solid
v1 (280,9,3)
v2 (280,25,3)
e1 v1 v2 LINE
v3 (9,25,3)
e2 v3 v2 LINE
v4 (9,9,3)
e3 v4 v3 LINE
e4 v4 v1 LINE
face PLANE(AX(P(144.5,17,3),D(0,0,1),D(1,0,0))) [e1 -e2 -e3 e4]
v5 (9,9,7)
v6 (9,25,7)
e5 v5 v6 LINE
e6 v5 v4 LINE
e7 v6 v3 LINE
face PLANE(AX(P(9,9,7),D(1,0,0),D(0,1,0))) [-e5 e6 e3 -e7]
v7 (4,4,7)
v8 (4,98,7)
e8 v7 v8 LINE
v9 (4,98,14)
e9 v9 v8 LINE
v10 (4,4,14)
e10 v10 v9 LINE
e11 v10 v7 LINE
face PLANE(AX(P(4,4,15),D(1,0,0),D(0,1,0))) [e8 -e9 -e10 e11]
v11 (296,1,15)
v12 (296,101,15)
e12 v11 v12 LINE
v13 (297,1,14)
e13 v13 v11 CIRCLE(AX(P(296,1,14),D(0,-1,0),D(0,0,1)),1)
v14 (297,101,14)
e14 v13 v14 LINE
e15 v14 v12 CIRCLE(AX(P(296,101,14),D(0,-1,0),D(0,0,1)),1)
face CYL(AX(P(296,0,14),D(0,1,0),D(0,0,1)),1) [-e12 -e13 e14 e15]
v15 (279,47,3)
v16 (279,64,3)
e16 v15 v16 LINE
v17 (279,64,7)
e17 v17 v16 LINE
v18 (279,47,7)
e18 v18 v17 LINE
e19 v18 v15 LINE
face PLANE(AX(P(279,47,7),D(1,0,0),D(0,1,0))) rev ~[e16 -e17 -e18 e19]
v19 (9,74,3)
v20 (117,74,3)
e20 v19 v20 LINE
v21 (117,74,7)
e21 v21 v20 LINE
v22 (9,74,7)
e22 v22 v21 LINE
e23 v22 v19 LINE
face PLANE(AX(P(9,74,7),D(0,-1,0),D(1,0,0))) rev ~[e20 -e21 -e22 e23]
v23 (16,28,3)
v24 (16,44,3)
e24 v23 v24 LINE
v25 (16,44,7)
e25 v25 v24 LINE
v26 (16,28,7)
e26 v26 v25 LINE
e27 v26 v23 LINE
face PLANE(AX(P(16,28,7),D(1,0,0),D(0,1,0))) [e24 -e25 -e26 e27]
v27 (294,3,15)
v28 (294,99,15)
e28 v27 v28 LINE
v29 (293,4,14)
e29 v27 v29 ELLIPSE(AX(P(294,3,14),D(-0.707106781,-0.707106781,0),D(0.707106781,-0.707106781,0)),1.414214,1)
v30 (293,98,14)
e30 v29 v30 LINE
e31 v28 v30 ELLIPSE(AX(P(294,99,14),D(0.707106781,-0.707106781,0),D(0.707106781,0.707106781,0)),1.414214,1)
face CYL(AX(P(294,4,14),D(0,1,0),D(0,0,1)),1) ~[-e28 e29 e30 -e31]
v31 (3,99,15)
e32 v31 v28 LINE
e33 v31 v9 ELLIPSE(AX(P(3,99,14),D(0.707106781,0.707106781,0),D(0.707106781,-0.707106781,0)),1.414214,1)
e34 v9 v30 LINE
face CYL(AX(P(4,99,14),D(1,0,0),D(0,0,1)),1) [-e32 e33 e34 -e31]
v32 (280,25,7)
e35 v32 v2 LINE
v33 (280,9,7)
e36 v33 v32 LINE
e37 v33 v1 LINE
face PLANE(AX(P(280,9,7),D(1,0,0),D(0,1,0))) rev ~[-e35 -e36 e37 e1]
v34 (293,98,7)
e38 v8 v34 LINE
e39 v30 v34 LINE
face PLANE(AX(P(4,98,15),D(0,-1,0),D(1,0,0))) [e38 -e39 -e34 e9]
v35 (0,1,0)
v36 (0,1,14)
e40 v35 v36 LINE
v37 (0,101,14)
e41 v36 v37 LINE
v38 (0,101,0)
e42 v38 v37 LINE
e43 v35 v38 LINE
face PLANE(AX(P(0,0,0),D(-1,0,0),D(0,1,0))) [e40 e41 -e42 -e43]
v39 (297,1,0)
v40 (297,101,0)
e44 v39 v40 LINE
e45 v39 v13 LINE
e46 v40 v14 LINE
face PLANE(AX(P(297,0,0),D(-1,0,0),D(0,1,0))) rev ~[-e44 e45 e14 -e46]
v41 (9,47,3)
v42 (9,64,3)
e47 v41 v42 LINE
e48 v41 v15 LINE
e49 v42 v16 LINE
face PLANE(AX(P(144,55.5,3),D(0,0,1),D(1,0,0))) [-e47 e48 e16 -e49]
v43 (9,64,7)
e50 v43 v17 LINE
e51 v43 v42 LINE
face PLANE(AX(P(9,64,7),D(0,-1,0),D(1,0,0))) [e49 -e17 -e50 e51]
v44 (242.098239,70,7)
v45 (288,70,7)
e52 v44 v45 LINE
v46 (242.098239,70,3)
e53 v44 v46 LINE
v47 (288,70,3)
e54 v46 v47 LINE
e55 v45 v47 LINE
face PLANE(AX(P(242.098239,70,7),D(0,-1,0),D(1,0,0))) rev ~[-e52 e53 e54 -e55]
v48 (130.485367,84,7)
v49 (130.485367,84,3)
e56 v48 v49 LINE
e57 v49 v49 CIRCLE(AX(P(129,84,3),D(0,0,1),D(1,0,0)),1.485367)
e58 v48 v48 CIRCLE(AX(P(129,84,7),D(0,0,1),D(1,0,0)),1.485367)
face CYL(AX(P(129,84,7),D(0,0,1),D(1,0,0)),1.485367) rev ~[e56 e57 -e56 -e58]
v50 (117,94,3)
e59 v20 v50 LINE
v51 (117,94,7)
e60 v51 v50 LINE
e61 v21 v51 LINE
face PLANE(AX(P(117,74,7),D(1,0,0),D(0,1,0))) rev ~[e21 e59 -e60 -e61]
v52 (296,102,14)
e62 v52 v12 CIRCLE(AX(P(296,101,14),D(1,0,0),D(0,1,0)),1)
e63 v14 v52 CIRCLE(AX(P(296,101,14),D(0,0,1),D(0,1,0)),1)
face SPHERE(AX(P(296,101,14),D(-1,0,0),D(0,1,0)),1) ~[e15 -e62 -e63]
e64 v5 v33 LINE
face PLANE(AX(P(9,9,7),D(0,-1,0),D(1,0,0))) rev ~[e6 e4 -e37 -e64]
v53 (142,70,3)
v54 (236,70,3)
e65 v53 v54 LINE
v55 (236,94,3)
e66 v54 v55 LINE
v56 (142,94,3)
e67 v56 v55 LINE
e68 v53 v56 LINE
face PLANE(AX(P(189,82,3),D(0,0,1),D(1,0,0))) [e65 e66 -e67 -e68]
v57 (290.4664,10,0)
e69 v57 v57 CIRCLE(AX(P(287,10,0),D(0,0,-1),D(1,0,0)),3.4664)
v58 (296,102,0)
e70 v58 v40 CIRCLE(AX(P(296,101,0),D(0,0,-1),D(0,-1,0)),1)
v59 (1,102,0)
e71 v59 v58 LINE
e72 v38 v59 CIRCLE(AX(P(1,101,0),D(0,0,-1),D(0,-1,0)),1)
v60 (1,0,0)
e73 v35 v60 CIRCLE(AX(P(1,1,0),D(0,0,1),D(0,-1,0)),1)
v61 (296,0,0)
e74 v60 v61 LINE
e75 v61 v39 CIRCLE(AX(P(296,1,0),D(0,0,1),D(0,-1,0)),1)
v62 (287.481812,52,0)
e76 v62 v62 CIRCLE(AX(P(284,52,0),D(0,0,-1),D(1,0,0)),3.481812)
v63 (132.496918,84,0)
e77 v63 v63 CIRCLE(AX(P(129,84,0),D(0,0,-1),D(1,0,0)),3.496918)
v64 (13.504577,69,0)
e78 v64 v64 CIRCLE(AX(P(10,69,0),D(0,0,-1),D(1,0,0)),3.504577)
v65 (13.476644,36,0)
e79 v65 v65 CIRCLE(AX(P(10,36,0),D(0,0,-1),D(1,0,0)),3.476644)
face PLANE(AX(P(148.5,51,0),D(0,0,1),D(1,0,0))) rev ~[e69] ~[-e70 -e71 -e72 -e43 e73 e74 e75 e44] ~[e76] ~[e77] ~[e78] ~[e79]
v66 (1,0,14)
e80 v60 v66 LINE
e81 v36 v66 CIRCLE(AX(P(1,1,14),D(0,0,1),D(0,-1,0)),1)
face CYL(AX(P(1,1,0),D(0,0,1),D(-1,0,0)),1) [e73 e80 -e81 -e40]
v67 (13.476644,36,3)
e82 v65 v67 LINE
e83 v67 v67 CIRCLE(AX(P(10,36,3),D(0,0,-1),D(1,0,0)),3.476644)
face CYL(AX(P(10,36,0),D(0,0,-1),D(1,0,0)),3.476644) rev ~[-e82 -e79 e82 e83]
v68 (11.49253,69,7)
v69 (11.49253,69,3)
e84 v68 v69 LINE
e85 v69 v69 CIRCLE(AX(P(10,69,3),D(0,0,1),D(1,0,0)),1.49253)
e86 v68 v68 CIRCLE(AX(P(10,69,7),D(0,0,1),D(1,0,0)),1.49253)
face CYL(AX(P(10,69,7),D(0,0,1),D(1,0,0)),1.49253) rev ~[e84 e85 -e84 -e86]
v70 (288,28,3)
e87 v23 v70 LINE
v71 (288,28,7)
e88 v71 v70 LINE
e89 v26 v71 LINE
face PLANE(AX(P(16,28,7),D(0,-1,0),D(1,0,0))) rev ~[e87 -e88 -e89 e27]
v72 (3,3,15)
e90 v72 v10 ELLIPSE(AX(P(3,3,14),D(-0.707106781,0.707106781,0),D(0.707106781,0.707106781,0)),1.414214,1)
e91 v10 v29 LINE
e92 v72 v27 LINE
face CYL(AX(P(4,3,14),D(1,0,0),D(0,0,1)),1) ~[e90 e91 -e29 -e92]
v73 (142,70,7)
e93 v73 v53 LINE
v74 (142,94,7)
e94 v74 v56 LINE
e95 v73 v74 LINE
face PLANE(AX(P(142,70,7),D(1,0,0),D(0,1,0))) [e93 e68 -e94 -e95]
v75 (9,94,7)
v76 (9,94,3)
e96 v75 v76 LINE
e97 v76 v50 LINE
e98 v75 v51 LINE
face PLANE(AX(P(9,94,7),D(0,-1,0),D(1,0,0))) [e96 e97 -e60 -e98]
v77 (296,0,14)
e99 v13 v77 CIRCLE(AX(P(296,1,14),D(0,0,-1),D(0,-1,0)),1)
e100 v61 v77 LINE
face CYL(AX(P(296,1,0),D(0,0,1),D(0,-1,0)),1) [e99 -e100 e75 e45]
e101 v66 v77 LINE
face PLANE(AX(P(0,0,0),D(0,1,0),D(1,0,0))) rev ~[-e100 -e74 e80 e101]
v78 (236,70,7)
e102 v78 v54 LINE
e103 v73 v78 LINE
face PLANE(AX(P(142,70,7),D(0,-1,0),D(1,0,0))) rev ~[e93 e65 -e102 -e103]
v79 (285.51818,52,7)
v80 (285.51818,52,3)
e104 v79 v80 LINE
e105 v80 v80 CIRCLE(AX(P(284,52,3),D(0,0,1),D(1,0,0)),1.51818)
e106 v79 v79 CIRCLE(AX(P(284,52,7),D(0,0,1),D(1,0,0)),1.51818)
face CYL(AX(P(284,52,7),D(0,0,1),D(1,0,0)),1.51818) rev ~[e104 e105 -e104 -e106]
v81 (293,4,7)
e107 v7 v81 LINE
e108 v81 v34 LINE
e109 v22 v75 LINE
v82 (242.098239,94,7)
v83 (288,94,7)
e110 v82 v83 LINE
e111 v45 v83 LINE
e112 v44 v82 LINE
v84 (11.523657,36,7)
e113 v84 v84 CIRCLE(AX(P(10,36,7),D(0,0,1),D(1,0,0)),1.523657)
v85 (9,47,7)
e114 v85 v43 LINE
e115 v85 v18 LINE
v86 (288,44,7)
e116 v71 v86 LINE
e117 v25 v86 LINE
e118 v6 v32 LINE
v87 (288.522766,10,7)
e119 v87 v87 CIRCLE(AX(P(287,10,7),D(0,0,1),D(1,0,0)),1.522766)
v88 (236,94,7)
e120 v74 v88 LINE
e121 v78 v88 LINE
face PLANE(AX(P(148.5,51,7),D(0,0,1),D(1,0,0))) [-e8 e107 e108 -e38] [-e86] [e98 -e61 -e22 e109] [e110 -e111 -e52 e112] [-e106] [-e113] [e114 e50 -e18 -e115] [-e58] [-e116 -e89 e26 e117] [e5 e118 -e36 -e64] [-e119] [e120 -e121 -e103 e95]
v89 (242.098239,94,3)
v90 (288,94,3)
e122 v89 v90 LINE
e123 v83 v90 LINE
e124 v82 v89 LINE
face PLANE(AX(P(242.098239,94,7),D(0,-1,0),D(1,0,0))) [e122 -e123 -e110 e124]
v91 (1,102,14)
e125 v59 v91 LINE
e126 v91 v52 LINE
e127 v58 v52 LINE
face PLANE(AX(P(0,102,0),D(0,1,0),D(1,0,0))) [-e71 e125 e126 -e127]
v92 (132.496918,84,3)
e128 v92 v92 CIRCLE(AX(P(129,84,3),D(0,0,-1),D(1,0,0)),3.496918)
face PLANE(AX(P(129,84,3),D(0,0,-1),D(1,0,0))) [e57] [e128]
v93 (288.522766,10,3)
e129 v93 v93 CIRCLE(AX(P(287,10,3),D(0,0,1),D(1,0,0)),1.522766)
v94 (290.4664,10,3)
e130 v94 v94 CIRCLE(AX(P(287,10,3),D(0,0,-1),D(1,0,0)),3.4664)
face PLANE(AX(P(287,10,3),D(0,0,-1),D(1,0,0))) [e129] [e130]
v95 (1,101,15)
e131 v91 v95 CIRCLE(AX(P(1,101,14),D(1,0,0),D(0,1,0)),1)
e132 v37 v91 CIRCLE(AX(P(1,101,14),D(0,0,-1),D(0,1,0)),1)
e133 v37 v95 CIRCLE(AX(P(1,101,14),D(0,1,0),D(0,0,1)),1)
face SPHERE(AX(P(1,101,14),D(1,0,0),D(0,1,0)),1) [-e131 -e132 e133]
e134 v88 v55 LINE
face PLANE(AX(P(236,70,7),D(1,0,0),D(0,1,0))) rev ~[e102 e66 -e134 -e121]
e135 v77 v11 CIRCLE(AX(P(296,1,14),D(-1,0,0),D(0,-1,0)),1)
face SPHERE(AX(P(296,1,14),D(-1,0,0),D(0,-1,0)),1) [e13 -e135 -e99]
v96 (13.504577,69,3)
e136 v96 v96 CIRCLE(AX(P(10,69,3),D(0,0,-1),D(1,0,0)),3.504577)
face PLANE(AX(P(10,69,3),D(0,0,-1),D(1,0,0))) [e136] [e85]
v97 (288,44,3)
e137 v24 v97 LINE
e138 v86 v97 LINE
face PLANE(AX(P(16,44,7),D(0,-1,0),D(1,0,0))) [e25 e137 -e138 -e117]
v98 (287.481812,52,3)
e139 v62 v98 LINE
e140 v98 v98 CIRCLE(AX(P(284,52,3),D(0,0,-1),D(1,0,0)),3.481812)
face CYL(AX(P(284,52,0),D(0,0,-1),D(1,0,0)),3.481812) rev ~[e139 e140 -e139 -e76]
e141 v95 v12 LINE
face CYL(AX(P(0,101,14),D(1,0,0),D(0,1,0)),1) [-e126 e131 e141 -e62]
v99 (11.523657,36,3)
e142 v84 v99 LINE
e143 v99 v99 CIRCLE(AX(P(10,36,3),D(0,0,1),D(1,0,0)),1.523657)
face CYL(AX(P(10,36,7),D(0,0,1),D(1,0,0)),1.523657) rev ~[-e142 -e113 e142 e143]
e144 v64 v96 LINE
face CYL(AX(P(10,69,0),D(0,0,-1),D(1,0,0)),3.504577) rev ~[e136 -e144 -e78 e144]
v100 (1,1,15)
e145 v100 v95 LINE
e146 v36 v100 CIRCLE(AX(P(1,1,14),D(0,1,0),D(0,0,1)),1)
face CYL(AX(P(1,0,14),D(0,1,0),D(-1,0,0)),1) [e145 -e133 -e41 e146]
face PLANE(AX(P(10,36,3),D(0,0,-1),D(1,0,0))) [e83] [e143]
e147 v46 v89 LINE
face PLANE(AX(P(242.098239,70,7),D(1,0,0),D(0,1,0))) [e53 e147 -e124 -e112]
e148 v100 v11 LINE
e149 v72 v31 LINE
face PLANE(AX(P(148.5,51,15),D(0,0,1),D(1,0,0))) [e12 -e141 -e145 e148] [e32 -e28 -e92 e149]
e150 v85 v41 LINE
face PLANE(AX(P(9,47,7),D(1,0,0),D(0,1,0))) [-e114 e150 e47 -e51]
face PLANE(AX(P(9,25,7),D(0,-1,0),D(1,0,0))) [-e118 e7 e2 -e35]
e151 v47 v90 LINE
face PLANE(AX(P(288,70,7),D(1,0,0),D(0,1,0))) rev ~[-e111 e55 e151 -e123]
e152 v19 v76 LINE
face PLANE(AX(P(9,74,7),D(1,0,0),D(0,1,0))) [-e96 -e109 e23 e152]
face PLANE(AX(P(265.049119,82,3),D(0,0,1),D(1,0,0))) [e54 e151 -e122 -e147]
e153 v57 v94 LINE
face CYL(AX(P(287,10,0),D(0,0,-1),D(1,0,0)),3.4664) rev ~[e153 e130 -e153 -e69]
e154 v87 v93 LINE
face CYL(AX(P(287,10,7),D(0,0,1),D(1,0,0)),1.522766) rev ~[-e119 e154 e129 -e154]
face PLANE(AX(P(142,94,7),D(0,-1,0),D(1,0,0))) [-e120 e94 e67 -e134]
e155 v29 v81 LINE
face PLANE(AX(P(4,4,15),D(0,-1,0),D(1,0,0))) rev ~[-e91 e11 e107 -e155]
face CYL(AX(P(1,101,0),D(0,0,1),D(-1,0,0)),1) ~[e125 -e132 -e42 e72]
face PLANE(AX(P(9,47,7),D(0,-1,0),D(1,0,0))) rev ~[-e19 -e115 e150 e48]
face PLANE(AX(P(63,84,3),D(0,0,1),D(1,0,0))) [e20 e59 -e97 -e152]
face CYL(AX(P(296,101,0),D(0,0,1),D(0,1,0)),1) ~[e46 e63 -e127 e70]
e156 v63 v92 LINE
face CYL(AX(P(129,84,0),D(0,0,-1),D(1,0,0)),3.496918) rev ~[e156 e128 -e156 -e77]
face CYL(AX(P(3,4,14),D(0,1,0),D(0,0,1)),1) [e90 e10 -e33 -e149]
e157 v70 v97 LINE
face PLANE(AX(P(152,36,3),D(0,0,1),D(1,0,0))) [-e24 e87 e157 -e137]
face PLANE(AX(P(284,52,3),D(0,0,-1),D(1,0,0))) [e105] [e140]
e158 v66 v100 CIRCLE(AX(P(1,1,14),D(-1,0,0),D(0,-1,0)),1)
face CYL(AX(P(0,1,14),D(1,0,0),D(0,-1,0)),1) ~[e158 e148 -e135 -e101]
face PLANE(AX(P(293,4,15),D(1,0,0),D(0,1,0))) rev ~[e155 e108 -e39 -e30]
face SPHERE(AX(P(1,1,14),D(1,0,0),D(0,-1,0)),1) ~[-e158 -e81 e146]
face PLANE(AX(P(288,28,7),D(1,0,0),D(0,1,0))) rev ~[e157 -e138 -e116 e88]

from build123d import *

# Parameters (mm, degrees)
SKETCH_W        = 297
SKETCH_H        = 102
PAD_DEPTH       = 15
SKETCH001_W     = 289
SKETCH001_H     = 94
POCKET_DEPTH    = 8
SKETCH002_W     = 271
SKETCH002_H     = 16
SKETCH002_W_2   = 272
SKETCH002_W_3   = 270
SKETCH002_H_2   = 17
SKETCH002_W_4   = 45.901761
SKETCH002_H_3   = 24
SKETCH002_W_5   = 94
SKETCH002_W_6   = 108
SKETCH002_H_4   = 20
POCKET001_DEPTH = 4
SKETCH003_R     = 1.51818
SKETCH003_R_2   = 1.523657
SKETCH003_R_3   = 1.522766
SKETCH003_R_4   = 1.49253
SKETCH003_R_5   = 1.485367
POCKET002_DEPTH = 15
SKETCH004_R     = 3.476644
SKETCH004_R_2   = 3.504577
SKETCH004_R_3   = 3.496918
SKETCH004_R_4   = 3.4664
SKETCH004_R_5   = 3.481812
POCKET003_DEPTH = 3
FILLET_R        = 1
FILLET001_R     = 1


with BuildPart() as part:
    # Sketch → Pad (new body)
    with BuildSketch(Plane.XY):
        with Locations((148.5, 51)):
            Rectangle(SKETCH_W, SKETCH_H)
    extrude(amount=PAD_DEPTH)

    # Sketch001 → Pocket (cut)
    with BuildSketch(Plane.XY.offset(15)):
        with Locations((148.5, 51)):
            Rectangle(SKETCH001_W, SKETCH001_H)
    extrude(amount=-POCKET_DEPTH, mode=Mode.SUBTRACT)

    # Sketch002 → Pocket001 (cut)
    with BuildSketch(Plane.XY.offset(7)):
        with Locations((144.5, 17)):
            Rectangle(SKETCH002_W, SKETCH002_H)
        with Locations((152, 36)):
            Rectangle(SKETCH002_W_2, SKETCH002_H)
        with Locations((144, 55.5)):
            Rectangle(SKETCH002_W_3, SKETCH002_H_2)
        with Locations((265.049119, 82)):
            Rectangle(SKETCH002_W_4, SKETCH002_H_3)
        with Locations((189, 82)):
            Rectangle(SKETCH002_W_5, SKETCH002_H_3)
        with Locations((63, 84)):
            Rectangle(SKETCH002_W_6, SKETCH002_H_4)
    extrude(amount=-POCKET001_DEPTH, mode=Mode.SUBTRACT)

    # Sketch003 → Pocket002 (cut)
    with BuildSketch(Plane.XY.offset(7)):
        with Locations((284, 52)):
            Circle(SKETCH003_R)
        with Locations((10, 36)):
            Circle(SKETCH003_R_2)
        with Locations((287, 10)):
            Circle(SKETCH003_R_3)
        with Locations((10, 69)):
            Circle(SKETCH003_R_4)
        with Locations((129, 84)):
            Circle(SKETCH003_R_5)
    extrude(amount=-POCKET002_DEPTH, mode=Mode.SUBTRACT)

    # Sketch004 → Pocket003 (cut)
    with BuildSketch(Plane(origin=(0, 0, 0), x_dir=(1, 0, 0), z_dir=(0, 0, -1))):
        with Locations((10, -36)):
            Circle(SKETCH004_R)
        with Locations((10, -69)):
            Circle(SKETCH004_R_2)
        with Locations((129, -84)):
            Circle(SKETCH004_R_3)
        with Locations((287, -10)):
            Circle(SKETCH004_R_4)
        with Locations((284, -52)):
            Circle(SKETCH004_R_5)
    extrude(amount=-POCKET003_DEPTH, mode=Mode.SUBTRACT)

    # Fillet
    fillet_edges = [part.edges().sort_by_distance(p)[0] for p in [
        (148.5, 102, 15),
        (297, 102, 7.5),
        (0, 102, 7.5),
        (148.5, 0, 15),
        (297, 0, 7.5),
        (0, 0, 7.5),
        (0, 51, 15),
        (297, 51, 15),
    ]]
    fillet(fillet_edges, radius=FILLET_R)

    # Fillet001
    fillet001_edges = [part.edges().sort_by_distance(p)[0] for p in [
        (148.5, 98, 15),
        (4, 51, 15),
        (148.5, 4, 15),
        (293, 51, 15),
    ]]
    fillet(fillet001_edges, radius=FILLET001_R)


solid = part.part
